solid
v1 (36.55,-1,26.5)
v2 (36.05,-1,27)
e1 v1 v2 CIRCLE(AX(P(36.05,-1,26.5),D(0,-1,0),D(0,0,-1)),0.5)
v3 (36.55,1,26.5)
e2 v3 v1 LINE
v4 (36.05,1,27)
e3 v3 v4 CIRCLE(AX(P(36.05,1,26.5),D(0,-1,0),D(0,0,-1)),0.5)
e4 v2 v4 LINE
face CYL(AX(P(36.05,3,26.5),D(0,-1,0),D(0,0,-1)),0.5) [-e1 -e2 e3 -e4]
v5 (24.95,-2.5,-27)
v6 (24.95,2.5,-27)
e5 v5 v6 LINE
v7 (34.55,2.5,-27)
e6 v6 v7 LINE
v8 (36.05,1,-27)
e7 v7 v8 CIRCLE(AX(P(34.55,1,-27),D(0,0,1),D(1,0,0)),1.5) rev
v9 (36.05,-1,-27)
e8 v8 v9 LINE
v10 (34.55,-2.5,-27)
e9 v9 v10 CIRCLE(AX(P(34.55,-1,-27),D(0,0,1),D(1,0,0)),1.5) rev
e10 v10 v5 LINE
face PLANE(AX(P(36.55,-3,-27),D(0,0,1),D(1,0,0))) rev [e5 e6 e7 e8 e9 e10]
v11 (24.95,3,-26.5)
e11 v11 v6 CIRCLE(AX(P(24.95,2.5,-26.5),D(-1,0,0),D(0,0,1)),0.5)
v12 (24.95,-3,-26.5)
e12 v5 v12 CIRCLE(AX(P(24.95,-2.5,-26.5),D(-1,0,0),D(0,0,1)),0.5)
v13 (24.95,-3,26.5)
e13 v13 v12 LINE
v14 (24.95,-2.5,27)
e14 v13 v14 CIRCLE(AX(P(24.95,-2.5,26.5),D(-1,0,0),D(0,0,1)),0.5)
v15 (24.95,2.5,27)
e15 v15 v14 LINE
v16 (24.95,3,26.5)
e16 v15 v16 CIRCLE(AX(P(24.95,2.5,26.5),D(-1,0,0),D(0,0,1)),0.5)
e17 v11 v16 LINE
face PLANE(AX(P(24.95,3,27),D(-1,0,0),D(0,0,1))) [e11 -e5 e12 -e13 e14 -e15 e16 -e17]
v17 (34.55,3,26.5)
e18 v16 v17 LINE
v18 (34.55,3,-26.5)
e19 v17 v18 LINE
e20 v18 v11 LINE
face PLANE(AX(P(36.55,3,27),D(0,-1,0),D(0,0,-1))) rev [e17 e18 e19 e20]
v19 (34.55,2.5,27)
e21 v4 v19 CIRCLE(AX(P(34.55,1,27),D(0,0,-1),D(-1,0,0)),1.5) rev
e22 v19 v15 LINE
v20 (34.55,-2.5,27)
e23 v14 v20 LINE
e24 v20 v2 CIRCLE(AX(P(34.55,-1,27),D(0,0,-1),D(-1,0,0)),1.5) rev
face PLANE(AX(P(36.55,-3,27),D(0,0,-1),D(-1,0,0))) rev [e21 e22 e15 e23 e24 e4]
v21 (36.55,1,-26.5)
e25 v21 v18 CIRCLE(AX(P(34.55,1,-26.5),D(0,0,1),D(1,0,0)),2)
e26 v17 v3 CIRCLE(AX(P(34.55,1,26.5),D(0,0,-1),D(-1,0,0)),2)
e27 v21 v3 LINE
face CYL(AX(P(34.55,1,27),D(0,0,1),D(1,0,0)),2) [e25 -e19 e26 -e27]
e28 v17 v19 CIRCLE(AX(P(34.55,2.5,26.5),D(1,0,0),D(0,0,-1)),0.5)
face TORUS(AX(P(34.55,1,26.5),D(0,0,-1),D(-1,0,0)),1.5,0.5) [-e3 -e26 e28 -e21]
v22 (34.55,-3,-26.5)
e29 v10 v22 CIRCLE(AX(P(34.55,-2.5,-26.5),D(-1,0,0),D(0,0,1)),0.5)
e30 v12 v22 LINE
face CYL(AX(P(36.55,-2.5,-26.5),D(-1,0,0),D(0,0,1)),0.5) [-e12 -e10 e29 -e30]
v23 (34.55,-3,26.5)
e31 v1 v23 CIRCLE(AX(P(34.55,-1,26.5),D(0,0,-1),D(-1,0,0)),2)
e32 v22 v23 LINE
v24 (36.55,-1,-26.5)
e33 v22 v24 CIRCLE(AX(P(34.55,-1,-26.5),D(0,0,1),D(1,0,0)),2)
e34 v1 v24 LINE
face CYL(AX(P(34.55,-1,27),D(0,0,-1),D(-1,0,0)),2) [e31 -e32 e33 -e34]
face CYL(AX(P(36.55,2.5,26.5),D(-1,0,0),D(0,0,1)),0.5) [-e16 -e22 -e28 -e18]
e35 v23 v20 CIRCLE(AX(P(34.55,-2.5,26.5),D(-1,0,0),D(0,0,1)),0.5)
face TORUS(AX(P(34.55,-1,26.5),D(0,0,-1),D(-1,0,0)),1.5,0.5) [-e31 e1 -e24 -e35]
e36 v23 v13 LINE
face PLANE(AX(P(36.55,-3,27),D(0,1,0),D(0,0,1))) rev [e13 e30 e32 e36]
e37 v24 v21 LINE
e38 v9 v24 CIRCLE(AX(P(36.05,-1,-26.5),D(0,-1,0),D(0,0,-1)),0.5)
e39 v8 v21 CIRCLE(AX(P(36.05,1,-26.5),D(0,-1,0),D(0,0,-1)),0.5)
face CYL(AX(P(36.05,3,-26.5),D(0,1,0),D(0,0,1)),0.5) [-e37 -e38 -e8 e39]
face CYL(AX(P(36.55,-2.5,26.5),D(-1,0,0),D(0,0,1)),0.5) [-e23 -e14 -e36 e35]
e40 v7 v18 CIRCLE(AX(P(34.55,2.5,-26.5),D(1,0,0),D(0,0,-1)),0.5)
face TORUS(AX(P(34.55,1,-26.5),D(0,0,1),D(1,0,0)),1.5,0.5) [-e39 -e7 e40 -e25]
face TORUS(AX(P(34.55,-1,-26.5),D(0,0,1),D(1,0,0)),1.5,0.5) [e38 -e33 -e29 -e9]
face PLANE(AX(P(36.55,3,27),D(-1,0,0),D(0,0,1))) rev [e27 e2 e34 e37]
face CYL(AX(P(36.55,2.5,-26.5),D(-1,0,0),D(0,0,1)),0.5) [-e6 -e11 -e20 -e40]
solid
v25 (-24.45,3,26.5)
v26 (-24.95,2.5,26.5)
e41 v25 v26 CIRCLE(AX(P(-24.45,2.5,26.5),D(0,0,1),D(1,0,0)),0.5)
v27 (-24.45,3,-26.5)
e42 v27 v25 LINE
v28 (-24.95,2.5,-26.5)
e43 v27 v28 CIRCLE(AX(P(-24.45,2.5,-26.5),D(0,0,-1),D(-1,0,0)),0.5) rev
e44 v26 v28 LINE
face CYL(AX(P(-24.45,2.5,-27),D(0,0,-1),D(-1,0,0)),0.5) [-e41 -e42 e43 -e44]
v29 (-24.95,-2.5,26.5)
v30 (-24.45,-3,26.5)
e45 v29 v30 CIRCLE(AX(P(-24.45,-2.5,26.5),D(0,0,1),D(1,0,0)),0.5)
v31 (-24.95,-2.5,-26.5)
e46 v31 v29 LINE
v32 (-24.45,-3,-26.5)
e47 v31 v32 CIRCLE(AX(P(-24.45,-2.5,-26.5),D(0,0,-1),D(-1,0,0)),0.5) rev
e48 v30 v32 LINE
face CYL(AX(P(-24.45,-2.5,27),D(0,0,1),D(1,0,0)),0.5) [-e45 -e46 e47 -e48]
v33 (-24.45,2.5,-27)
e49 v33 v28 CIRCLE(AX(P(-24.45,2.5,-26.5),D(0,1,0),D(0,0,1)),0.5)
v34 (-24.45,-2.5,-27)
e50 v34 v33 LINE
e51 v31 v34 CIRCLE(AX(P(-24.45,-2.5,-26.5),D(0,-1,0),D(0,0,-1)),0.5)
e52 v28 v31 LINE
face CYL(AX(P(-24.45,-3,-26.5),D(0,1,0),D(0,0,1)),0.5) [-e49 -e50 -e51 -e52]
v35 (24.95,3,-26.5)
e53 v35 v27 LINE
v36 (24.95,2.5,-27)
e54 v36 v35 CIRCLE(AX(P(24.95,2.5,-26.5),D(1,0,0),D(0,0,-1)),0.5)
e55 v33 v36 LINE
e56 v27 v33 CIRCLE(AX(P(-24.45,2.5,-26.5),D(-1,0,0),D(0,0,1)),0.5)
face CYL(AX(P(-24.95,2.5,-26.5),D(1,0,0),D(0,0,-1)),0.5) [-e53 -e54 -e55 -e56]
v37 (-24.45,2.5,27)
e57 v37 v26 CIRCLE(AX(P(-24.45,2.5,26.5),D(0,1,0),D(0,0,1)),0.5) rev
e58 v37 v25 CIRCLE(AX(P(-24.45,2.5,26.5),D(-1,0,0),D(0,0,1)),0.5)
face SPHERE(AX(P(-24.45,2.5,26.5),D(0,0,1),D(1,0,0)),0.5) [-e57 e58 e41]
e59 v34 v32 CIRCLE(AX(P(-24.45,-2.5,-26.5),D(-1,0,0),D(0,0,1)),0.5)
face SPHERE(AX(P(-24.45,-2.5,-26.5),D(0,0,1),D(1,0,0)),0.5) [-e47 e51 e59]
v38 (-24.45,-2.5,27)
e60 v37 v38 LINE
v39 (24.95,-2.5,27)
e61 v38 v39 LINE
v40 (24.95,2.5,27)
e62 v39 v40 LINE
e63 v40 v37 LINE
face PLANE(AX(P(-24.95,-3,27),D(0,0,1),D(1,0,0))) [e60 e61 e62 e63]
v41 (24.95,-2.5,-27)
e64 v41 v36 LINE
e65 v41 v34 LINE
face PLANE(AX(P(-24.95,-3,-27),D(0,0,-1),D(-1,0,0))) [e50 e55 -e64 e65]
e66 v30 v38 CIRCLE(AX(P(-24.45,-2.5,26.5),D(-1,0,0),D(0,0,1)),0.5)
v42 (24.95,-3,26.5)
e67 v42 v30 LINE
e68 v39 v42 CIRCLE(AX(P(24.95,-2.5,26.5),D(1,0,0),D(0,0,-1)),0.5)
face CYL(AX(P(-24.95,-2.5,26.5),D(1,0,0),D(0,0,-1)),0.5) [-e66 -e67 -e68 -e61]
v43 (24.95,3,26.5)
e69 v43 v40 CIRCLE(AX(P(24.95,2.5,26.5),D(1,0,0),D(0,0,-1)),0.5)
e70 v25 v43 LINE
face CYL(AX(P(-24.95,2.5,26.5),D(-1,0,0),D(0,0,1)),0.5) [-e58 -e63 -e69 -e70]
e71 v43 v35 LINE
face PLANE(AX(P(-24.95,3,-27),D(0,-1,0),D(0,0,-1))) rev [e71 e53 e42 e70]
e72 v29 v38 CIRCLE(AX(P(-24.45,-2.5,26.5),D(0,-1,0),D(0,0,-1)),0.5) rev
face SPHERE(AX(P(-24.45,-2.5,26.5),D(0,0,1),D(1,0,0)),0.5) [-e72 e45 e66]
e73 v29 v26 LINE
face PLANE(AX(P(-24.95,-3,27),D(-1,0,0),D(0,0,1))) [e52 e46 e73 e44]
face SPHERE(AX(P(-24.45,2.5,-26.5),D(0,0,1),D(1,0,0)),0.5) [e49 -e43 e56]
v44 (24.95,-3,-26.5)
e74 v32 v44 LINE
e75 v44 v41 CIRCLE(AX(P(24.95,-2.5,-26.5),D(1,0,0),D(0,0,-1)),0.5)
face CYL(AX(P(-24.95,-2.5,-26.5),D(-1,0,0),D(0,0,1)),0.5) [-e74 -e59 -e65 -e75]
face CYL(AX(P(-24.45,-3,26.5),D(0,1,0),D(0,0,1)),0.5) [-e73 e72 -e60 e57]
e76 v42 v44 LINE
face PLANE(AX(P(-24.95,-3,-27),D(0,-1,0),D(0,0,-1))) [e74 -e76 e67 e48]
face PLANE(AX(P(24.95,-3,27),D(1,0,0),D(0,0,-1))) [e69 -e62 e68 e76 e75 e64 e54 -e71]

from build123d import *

# Parameters (mm, degrees)
BOSS_EXTRUDE1_DEPTH      = 3
BOSS_EXTRUDE1_DEPTH_BACK = 3
SKETCH1_W                = 49.9
SKETCH1_H                = 54
SKETCH4_W                = 54
SKETCH4_H                = 6
BOSS_EXTRUDE4_DEPTH      = 11.6
FILLET1_R                = 2
FILLET3_R                = 0.5
FILLET4_R                = 0.5


with BuildPart() as part:
    # Sketch1 → Boss-Extrude1 (new, two sides: drawn at the far end of the back side and taken through both)
    with BuildSketch(Plane(origin=(0, 0, 0), x_dir=(1, 0, 0), z_dir=(0, 1, 0)).offset(-BOSS_EXTRUDE1_DEPTH_BACK)):
        Rectangle(SKETCH1_W, SKETCH1_H)
    extrude(amount=BOSS_EXTRUDE1_DEPTH + BOSS_EXTRUDE1_DEPTH_BACK)

    # Fillet4
    fillet4_edges = [part.edges().sort_by_distance(p)[0] for p in [
        (-24.95, 3, 0),
        (0, 3, 27),
        (0, -3, -27),
        (0, 3, -27),
        (-24.95, -3, 0),
        (0, -3, 27),
        (-24.95, 0, -27),
        (-24.95, 0, 27),
    ]]
    fillet(fillet4_edges, radius=FILLET4_R)


with BuildPart() as body_2:
    # Sketch4 → Boss-Extrude4 (new body)
    with BuildSketch(Plane(origin=(24.95, 0, 0), x_dir=(0, 0, -1), z_dir=(1, 0, 0))):
        Rectangle(SKETCH4_W, SKETCH4_H)
    extrude(amount=BOSS_EXTRUDE4_DEPTH)

    # Fillet1
    fillet1_edges = [body_2.edges().sort_by_distance(p)[0] for p in [
        (36.55, 3, 0),
        (36.55, -3, 0),
    ]]
    fillet(fillet1_edges, radius=FILLET1_R)

    # Fillet3
    fillet3_edges = [body_2.edges().sort_by_distance(p)[0] for p in [
        (36.55, 0, 27),
        (36.55, 0, -27),
        (29.75, 3, -27),
        (29.75, -3, -27),
        (35.964213562, 2.414213562, -27),
        (35.964213562, -2.414213562, -27),
        (29.75, -3, 27),
        (29.75, 3, 27),
        (35.964213562, 2.414213562, 27),
        (35.964213562, -2.414213562, 27),
    ]]
    fillet(fillet3_edges, radius=FILLET3_R)


solid = Compound([part.part, body_2.part])
